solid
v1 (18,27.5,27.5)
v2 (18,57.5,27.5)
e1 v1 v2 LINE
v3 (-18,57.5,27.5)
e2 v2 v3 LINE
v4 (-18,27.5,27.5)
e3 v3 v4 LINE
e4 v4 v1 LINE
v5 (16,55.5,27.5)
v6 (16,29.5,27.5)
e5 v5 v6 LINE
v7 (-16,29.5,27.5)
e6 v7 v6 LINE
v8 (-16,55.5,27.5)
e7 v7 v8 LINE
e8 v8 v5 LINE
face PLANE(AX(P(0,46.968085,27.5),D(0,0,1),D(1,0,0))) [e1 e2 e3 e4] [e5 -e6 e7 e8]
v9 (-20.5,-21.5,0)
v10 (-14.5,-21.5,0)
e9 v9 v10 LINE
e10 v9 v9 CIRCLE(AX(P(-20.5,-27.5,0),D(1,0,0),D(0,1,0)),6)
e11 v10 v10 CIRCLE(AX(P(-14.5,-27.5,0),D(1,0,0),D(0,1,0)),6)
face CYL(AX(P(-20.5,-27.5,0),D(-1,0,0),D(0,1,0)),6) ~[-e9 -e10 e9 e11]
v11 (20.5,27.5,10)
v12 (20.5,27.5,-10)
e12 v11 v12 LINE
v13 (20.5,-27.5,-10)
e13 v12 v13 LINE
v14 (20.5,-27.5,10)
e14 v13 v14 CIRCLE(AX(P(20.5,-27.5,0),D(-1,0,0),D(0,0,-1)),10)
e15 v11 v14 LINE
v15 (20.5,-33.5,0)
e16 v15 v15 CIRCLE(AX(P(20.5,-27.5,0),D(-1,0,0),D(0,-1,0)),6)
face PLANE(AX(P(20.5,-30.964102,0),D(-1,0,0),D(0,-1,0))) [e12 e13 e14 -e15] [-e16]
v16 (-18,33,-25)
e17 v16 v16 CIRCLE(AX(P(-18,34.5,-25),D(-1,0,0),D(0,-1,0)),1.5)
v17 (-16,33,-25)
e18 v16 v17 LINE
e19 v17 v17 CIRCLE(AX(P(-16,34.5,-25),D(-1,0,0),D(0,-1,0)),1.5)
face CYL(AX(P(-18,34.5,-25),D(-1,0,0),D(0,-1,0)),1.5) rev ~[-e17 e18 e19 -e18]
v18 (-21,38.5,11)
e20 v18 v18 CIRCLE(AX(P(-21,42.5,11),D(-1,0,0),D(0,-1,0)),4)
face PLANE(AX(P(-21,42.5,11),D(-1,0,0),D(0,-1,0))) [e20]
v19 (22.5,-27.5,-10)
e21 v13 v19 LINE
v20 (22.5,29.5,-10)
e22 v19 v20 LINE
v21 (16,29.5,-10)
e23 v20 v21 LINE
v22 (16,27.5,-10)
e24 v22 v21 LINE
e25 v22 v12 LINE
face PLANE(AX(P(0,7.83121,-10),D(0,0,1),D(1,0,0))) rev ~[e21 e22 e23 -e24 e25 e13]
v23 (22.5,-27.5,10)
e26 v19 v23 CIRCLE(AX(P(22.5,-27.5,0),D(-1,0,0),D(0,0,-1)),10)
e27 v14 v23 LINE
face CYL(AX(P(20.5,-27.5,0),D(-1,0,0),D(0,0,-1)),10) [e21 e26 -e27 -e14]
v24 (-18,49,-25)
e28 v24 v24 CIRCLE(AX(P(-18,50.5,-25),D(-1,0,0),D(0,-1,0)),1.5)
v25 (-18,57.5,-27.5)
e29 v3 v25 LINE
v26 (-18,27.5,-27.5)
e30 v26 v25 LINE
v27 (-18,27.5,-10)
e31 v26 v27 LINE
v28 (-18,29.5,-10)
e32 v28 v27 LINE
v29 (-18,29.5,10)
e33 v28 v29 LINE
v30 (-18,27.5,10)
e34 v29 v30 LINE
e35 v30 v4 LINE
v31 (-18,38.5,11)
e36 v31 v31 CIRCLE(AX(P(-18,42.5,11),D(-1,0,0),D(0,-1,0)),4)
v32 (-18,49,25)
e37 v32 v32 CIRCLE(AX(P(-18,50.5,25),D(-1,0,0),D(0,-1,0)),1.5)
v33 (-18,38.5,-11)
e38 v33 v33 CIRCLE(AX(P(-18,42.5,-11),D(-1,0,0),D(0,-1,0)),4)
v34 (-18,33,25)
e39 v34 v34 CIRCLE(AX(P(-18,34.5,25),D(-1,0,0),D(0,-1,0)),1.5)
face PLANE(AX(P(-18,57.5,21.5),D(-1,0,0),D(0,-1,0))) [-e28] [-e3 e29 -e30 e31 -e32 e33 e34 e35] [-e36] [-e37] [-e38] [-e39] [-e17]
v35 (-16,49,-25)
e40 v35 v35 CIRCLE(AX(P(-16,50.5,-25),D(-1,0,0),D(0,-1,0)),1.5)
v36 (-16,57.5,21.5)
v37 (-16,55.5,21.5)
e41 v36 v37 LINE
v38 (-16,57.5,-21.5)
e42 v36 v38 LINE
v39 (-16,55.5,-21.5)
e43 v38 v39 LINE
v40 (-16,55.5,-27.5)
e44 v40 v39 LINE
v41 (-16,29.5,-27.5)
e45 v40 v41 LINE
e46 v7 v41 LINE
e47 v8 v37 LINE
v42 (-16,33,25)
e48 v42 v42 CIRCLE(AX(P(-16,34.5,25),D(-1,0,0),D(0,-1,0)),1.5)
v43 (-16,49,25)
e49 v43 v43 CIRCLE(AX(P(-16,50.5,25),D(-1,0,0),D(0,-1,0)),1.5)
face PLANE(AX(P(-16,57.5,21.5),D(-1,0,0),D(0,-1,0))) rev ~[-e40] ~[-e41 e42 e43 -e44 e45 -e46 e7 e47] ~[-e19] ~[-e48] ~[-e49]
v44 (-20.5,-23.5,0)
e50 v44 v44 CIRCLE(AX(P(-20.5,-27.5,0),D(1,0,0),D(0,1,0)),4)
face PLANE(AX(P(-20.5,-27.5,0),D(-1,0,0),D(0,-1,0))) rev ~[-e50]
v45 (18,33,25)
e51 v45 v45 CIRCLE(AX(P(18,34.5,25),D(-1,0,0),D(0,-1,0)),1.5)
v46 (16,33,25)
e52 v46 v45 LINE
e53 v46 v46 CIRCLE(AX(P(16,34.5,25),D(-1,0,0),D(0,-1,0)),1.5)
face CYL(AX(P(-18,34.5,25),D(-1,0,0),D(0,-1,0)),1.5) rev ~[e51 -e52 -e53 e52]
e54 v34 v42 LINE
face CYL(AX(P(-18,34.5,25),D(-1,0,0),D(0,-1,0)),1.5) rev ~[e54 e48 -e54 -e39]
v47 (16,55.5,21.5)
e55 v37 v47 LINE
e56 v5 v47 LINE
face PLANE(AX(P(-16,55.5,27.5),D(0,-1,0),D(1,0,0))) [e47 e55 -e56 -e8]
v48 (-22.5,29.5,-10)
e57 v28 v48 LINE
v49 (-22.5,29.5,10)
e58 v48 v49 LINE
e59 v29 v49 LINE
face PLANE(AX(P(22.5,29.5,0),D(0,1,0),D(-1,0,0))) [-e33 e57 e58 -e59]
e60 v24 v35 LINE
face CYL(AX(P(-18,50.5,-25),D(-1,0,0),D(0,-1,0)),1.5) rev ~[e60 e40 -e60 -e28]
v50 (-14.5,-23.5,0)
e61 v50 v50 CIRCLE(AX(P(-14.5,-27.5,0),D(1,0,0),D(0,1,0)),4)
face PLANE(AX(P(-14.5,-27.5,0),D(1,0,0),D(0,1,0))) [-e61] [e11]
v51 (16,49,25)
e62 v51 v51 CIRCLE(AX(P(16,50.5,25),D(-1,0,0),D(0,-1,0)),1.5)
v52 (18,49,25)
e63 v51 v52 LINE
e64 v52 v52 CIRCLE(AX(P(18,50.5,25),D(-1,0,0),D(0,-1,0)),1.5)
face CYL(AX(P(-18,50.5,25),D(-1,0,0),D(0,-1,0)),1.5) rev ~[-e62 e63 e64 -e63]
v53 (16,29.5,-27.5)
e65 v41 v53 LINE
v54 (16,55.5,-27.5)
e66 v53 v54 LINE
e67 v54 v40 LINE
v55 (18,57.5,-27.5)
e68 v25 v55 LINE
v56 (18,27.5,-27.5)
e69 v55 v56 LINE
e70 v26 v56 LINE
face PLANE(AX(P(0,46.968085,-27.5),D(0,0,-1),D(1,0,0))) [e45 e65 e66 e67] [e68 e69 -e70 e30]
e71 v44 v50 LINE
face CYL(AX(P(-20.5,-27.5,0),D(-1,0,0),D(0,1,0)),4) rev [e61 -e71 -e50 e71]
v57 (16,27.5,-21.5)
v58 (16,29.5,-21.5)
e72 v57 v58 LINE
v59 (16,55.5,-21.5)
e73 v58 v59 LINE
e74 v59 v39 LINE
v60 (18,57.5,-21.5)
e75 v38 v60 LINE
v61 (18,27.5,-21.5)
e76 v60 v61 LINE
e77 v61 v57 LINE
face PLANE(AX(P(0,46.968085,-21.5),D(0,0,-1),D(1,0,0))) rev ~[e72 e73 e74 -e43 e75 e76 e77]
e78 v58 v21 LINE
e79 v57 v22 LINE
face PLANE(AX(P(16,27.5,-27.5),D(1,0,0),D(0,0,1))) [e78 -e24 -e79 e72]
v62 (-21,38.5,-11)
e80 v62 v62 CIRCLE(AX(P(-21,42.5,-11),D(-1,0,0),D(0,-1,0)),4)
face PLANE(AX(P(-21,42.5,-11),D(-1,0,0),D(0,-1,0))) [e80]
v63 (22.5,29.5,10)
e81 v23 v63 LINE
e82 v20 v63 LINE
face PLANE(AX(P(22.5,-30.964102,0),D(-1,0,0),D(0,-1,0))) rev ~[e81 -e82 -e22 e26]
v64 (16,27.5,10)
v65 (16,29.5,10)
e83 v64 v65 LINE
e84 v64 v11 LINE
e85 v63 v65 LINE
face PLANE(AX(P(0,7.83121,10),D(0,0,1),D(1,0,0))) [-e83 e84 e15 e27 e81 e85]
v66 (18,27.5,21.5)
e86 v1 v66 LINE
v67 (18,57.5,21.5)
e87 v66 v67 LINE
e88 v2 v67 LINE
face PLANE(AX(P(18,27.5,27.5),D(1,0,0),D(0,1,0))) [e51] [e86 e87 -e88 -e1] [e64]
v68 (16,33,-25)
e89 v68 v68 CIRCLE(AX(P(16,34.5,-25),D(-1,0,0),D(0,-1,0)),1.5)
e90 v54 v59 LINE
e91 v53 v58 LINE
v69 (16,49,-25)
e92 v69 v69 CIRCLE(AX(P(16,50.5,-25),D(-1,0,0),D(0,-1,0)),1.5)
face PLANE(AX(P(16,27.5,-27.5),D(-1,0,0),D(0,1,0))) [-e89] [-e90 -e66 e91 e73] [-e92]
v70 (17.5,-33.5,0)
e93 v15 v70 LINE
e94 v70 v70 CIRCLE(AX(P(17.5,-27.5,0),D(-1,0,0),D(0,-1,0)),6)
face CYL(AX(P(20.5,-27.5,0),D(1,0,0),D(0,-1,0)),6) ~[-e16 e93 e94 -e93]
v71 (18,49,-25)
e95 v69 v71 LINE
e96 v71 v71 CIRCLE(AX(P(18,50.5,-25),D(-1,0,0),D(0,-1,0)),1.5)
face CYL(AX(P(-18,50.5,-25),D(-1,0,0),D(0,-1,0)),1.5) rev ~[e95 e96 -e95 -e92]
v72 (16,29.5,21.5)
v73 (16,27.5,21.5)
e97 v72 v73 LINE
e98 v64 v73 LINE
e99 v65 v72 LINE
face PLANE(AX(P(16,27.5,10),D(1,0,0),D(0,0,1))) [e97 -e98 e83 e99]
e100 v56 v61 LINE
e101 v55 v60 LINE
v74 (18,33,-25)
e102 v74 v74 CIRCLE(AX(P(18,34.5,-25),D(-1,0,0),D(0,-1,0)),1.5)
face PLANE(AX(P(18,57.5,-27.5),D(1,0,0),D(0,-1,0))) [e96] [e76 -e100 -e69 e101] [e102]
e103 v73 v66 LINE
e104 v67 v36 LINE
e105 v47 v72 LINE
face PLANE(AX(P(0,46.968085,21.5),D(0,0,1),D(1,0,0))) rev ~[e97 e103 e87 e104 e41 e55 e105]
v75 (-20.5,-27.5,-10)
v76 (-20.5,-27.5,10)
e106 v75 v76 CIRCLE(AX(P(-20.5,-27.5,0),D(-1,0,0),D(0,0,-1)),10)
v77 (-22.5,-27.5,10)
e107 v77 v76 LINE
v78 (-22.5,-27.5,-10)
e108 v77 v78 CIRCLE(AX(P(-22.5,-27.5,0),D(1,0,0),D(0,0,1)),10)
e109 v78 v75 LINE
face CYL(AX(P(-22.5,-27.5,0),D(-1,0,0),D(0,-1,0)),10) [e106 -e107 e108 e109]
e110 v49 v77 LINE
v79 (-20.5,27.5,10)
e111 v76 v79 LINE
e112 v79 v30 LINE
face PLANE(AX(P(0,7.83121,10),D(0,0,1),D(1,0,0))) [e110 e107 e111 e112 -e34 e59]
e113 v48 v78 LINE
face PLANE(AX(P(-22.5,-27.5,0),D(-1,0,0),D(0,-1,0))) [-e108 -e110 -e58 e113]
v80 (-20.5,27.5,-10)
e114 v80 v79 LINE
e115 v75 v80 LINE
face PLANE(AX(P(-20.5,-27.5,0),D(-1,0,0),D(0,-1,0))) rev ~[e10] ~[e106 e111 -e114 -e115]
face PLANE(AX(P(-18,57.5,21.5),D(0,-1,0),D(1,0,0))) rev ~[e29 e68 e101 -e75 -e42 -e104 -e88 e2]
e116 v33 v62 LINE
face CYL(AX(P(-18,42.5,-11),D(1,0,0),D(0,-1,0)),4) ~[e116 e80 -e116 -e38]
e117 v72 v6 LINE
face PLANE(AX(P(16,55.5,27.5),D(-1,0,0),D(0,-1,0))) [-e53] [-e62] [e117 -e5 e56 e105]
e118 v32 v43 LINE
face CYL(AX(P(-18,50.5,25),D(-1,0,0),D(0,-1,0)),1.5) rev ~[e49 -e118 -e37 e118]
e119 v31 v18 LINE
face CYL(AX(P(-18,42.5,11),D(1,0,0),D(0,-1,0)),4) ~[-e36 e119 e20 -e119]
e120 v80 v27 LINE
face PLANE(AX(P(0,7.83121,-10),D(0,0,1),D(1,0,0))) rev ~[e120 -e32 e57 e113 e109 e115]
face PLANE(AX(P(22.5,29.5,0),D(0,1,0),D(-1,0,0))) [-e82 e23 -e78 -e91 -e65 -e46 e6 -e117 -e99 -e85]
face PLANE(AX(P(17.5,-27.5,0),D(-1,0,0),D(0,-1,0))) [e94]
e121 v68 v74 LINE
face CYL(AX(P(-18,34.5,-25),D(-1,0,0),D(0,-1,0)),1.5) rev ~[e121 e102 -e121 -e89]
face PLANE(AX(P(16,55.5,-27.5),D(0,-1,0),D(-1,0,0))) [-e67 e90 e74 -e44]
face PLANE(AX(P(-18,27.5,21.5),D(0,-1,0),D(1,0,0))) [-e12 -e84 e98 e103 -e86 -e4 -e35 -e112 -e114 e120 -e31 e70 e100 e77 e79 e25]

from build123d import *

# Parameters (mm, degrees)
F1_DEPTH  = 10
F2_R      = 10
F3_DEPTH  = 2
F5_DEPTH  = 2
F6_R      = 6
F6_R_2    = 4
F7_DEPTH  = 6
F8_R      = 6
F9_DEPTH  = 3
F10_W     = 32
F10_H     = 17.5
F11_DEPTH = 2
F13_DEPTH = 6
F15_DEPTH = 6
F16_R     = 1.5
F17_DEPTH = 50.8
F18_R     = 1.5
F19_DEPTH = 50.8
F20_W     = 2
F20_H     = 30
F21_DEPTH = 43
F22_R     = 4
F23_DEPTH = 3


with BuildPart() as f1:
    # F0 (on Top) → F1 (new body, symmetric)
    with BuildSketch(Plane.XY):
        Polygon((22.5, -27.5), (22.5, 29.5), (-22.5, 29.5), (-22.5, -27.5), (-20.5, -27.5), (-20.5, 27.5), (20.5, 27.5), (20.5, -27.5), align=None)
    extrude(amount=F1_DEPTH, both=True)

    # F2 (on face) → F3 (join)
    with BuildSketch(Plane(origin=(-22.5, 0, 0), x_dir=(0, -1, 0), z_dir=(-1, 0, 0))):
        with Locations((27.5, 0)):
            Circle(F2_R)
    extrude(amount=-F3_DEPTH)

    # F4 (on face) → F5 (join)
    with BuildSketch(Plane(origin=(20.5, 0, 0), x_dir=(0, -1, 0), z_dir=(-1, 0, 0))):
        with BuildLine():
            Line((27.5, 10), (27.5, -10))
            ThreePointArc((27.5, -10), (37.5, 0), (27.5, 10))
        make_face()
    extrude(amount=-F5_DEPTH)

    # F6 (on face) → F7 (join)
    with BuildSketch(Plane.YZ.offset(-20.5)):
        with Locations((-27.5, 0)):
            Circle(F6_R)
        with Locations((-27.5, 0)):
            Circle(F6_R_2, mode=Mode.SUBTRACT)
    extrude(amount=F7_DEPTH)

    # F8 (on face) → F9 (join)
    with BuildSketch(Plane(origin=(20.5, 0, 0), x_dir=(0, -1, 0), z_dir=(-1, 0, 0))):
        with Locations((27.5, 0)):
            Circle(F8_R)
    extrude(amount=F9_DEPTH)

    # F10 (on face) → F11 (join)
    with BuildSketch(Plane.XZ.offset(-27.5)):
        with Locations((0, -18.75)):
            Rectangle(F10_W, F10_H)
        with Locations((0, 18.75)):
            Rectangle(F10_W, F10_H)
    extrude(amount=-F11_DEPTH)

    # F12 (on face) → F13 (join)
    with BuildSketch(Plane(origin=(0, 0, -27.5), x_dir=(1, 0, 0), z_dir=(0, 0, -1))):
        Polygon((18, -57.5), (18, -27.5), (16, -27.5), (16, -29.5), (16, -55.5), (-16, -55.5), (-16, -29.5), (-16, -27.5), (-18, -27.5), (-18, -57.5), align=None)
    extrude(amount=-F13_DEPTH)

    # F14 (on face) → F15 (join)
    with BuildSketch(Plane.XY.offset(27.5)):
        Polygon((-16, 27.5), (-16, 55.5), (16, 55.5), (16, 27.5), (18, 27.5), (18, 57.5), (-18, 57.5), (-18, 27.5), align=None)
    extrude(amount=-F15_DEPTH)

    # F16 (on face) → F17 (cut)
    with BuildSketch(Plane(origin=(-18, 0, 0), x_dir=(0, -1, 0), z_dir=(-1, 0, 0))):
        with Locations((-50.5, 25)):
            Circle(F16_R)
        with Locations((-34.5, 25)):
            Circle(F16_R)
    extrude(amount=-F17_DEPTH, mode=Mode.SUBTRACT)

    # F18 (on face) → F19 (cut)
    with BuildSketch(Plane(origin=(-18, 0, 0), x_dir=(0, -1, 0), z_dir=(-1, 0, 0))):
        with Locations((-50.5, -25)):
            Circle(F18_R)
        with Locations((-34.5, -25)):
            Circle(F18_R)
    extrude(amount=-F19_DEPTH, mode=Mode.SUBTRACT)

    # F20 (on face) → F21 (join)
    with BuildSketch(Plane(origin=(0, 0, 21.5), x_dir=(1, 0, 0), z_dir=(0, 0, -1))):
        with Locations((-17, -42.5)):
            Rectangle(F20_W, F20_H)
    extrude(amount=F21_DEPTH)

    # F22 (on face) → F23 (join)
    with BuildSketch(Plane(origin=(-18, 0, 0), x_dir=(0, -1, 0), z_dir=(-1, 0, 0))):
        with Locations((-42.5, 11)):
            Circle(F22_R)
        with Locations((-42.5, -11)):
            Circle(F22_R)
    extrude(amount=F23_DEPTH)


solid = f1.part
